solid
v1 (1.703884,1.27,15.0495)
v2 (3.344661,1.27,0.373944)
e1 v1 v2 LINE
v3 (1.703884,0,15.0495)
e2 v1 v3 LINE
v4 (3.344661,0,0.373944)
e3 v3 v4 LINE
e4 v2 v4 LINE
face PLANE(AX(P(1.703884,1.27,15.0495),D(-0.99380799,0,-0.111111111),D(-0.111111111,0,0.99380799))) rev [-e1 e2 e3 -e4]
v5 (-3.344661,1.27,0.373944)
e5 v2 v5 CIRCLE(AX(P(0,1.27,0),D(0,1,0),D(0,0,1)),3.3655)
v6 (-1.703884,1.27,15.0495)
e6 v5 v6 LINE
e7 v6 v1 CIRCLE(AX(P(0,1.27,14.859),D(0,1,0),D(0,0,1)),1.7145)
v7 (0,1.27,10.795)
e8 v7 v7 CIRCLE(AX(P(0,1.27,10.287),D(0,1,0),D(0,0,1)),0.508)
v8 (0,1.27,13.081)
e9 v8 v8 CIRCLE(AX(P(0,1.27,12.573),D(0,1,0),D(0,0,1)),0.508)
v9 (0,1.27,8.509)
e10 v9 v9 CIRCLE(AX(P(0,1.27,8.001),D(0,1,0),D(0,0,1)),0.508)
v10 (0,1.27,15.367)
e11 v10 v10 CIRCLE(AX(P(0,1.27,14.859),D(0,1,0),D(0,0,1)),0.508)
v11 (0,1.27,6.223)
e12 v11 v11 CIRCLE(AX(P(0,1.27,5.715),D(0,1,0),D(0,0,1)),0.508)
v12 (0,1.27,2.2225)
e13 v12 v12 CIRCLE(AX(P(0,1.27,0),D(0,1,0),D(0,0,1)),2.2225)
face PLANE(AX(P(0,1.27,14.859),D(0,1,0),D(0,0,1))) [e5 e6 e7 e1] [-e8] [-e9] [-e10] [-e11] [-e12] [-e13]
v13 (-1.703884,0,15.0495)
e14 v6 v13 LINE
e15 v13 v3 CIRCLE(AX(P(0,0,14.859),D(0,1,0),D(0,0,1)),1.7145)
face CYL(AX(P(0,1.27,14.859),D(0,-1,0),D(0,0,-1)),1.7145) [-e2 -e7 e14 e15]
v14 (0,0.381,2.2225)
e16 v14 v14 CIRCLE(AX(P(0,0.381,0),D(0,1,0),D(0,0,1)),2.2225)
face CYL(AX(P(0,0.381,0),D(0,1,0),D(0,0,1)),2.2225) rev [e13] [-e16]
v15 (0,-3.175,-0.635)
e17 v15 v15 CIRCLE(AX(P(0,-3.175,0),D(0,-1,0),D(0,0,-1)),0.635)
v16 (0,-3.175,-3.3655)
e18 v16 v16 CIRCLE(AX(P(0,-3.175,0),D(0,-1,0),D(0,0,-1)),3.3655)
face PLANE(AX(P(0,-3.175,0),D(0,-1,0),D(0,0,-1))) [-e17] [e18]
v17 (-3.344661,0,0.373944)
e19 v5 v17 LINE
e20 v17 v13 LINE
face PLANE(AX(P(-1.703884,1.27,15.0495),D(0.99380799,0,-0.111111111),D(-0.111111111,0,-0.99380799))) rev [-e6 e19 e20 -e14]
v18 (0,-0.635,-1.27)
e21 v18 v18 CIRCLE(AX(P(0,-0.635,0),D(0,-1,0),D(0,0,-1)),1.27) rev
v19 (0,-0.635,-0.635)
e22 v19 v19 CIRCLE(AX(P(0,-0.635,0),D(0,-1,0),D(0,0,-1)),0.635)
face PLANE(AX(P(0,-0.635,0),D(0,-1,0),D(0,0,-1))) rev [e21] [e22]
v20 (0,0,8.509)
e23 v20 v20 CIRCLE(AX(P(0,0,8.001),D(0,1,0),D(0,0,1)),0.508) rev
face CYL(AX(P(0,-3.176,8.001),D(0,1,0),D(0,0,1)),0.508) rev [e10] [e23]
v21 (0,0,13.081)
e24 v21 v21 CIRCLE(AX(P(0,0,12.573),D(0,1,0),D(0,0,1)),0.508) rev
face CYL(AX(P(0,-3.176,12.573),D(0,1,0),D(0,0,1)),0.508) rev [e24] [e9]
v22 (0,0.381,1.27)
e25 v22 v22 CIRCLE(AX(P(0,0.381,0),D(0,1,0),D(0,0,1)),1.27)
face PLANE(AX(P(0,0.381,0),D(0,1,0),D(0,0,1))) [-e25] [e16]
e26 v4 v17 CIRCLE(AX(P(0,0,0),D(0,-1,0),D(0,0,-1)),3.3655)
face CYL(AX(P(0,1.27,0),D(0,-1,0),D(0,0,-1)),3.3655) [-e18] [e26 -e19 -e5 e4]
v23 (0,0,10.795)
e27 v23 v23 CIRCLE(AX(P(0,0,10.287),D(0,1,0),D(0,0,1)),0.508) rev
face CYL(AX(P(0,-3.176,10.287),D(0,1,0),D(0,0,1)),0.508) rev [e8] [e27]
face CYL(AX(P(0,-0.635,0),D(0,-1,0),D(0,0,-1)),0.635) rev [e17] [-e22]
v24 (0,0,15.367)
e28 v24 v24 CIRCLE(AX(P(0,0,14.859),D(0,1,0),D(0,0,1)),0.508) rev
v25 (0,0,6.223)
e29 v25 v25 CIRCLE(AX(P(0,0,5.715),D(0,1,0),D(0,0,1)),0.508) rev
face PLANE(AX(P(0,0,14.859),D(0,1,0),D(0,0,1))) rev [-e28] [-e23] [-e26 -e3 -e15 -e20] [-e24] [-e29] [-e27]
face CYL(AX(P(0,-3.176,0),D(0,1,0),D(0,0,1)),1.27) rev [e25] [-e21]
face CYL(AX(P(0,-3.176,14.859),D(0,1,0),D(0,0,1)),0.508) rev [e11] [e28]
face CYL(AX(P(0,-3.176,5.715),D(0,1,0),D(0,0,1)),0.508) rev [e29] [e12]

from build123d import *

# Parameters (mm, degrees)
BOSS_EXTRUDE1_DEPTH = 1.27
BOSS_EXTRUDE2_START = 3.175
SKETCH2_R           = 3.3655
BOSS_EXTRUDE2_DEPTH = 3.175
CUT_EXTRUDE1_DEPTH  = 2.286
CUT_EXTRUDE2_START  = -0.889
SKETCH4_R           = 2.2225
CUT_EXTRUDE2_DEPTH  = 0.889
CUT_EXTRUDE3_REACH  = 19.282
SKETCH5_R           = 1.27
CUT_EXTRUDE4_REACH  = 19.486
SKETCH6_R           = 0.508
SKETCH7_R           = 2.54
SKETCH7_R_2         = 0.635
BOSS_EXTRUDE3_DEPTH = 2.54


with BuildPart() as part:
    # Sketch1 → Boss-Extrude1 (new body)
    with BuildSketch(Plane(origin=(0, 0, 0), x_dir=(1, 0, 0), z_dir=(0, 1, 0))):
        with BuildLine():
            Line((-1.703883799, -15.0495), (-3.34466079, -0.373944444))
            ThreePointArc((-3.34466079, -0.373944444), (0, 3.3655), (3.34466079, -0.373944444))
            Line((3.34466079, -0.373944444), (1.703883799, -15.0495))
            ThreePointArc((1.703883799, -15.0495), (0, -16.5735), (-1.703883799, -15.0495))
        make_face()
    extrude(amount=BOSS_EXTRUDE1_DEPTH)

    # Sketch2 → Boss-Extrude2 (add)
    with BuildSketch(Plane.XZ.offset(BOSS_EXTRUDE2_START)):
        with Locations(Location((0, 0, 0), (0, 0, 270))):
            Circle(SKETCH2_R)
    extrude(amount=-BOSS_EXTRUDE2_DEPTH)

    # Sketch3 → Cut-Extrude1 (cut)
    with BuildSketch(Plane(origin=(0, -3.175, 0), x_dir=(-1, 0, 0), z_dir=(0, -1, 0))):
        with BuildLine():
            Line((0.344662185, 2.452398872), (0.160511142, 2.216696286))
            ThreePointArc((0.160511142, 2.216696286), (0.155033763, 2.217086102), (0.149555438, 2.217462383))
            Line((0.149555438, 2.217462383), (0, 2.4765))
            Line((0, 2.4765), (-0.149555438, 2.217462383))
            ThreePointArc((-0.149555438, 2.217462383), (-0.155033763, 2.217086102), (-0.160511142, 2.216696286))
            Line((-0.160511142, 2.216696286), (-0.344662185, 2.452398872))
            Line((-0.344662185, 2.452398872), (-0.456711091, 2.175068098))
            ThreePointArc((-0.456711091, 2.175068098), (-0.462083733, 2.173933043), (-0.467453554, 2.172784717))
            Line((-0.467453554, 2.172784717), (-0.682615912, 2.38056459))
            Line((-0.682615912, 2.38056459), (-0.754977382, 2.090338586))
            ThreePointArc((-0.754977382, 2.090338586), (-0.760139769, 2.08846685), (-0.765297515, 2.086582364))
            Line((-0.765297515, 2.086582364), (-1.007283297, 2.262395326))
            Line((-1.007283297, 2.262395326), (-1.038548897, 1.964923011))
            ThreePointArc((-1.038548897, 1.964923011), (-1.043400548, 1.962351025), (-1.04824583, 1.95976706))
            Line((-1.04824583, 1.95976706), (-1.312345058, 2.10019111))
            Line((-1.312345058, 2.10019111), (-1.301906239, 1.801262445))
            ThreePointArc((-1.301906239, 1.801262445), (-1.306352723, 1.79804027), (-1.310791233, 1.794807119))
            Line((-1.310791233, 1.794807119), (-1.591863515, 1.897109063))
            Line((-1.591863515, 1.897109063), (-1.539923457, 1.602542354))
            ThreePointArc((-1.539923457, 1.602542354), (-1.543878228, 1.598732706), (-1.547823575, 1.594913299))
            Line((-1.547823575, 1.594913299), (-1.84039816, 1.657101947))
            Line((-1.84039816, 1.657101947), (-1.747967817, 1.372630599))
            ThreePointArc((-1.747967817, 1.372630599), (-1.7513539, 1.368307629), (-1.754729292, 1.363976306))
            Line((-1.754729292, 1.363976306), (-2.053111548, 1.384841225))
            Line((-2.053111548, 1.384841225), (-1.921989971, 1.116002151))
            ThreePointArc((-1.921989971, 1.116002151), (-1.92474146, 1.11125), (-1.927481199, 1.106491065))
            Line((-1.927481199, 1.106491065), (-2.225863456, 1.085626145))
            Line((-2.225863456, 1.085626145), (-2.058602777, 0.837651991))
            ThreePointArc((-2.058602777, 0.837651991), (-2.060666117, 0.832563154), (-2.062716877, 0.827469234))
            Line((-2.062716877, 0.827469234), (-2.355291463, 0.765280587))
            Line((-2.355291463, 0.765280587), (-2.155147221, 0.542997887))
            ThreePointArc((-2.155147221, 0.542997887), (-2.156482252, 0.537671413), (-2.157804118, 0.532341657))
            Line((-2.157804118, 0.532341657), (-2.4388764, 0.430039712))
            Line((-2.4388764, 0.430039712), (-2.209744176, 0.237774947))
            ThreePointArc((-2.209744176, 0.237774947), (-2.210324912, 0.23231451), (-2.210892156, 0.226852654))
            Line((-2.210892156, 0.226852654), (-2.474991383, 0.086428604))
            Line((-2.474991383, 0.086428604), (-2.221330975, -0.072076012))
            ThreePointArc((-2.221330975, -0.072076012), (-2.221146113, -0.077564131), (-2.220947692, -0.083051778))
            Line((-2.220947692, -0.083051778), (-2.462933474, -0.258864739))
            Line((-2.462933474, -0.258864739), (-2.189682092, -0.380524093))
            ThreePointArc((-2.189682092, -0.380524093), (-2.188735231, -0.385933075), (-2.187775009, -0.391339701))
            Line((-2.187775009, -0.391339701), (-2.402937366, -0.599119574))
            Line((-2.402937366, -0.599119574), (-2.115413539, -0.681565705))
            ThreePointArc((-2.115413539, -0.681565705), (-2.113723107, -0.68679027), (-2.112019773, -0.692010642))
            Line((-2.112019773, -0.692010642), (-2.296170816, -0.927713229))
            Line((-2.296170816, -0.927713229), (-1.999970867, -0.969341417))
            ThreePointArc((-1.999970867, -0.969341417), (-1.997569768, -0.974279874), (-1.995156475, -0.979212383))
            Line((-1.995156475, -0.979212383), (-2.144711912, -1.23825))
            Line((-2.144711912, -1.23825), (-1.845601037, -1.23825))
            ThreePointArc((-1.845601037, -1.23825), (-1.842536005, -1.242806228), (-1.839459725, -1.247354869))
            Line((-1.839459725, -1.247354869), (-1.951508631, -1.524685644))
            Line((-1.951508631, -1.524685644), (-1.655308682, -1.483057456))
            ThreePointArc((-1.655308682, -1.483057456), (-1.651639375, -1.487142773), (-1.647959984, -1.491219011))
            Line((-1.647959984, -1.491219011), (-1.720321454, -1.781445016))
            Line((-1.720321454, -1.781445016), (-1.432797627, -1.698998885))
            ThreePointArc((-1.432797627, -1.698998885), (-1.428595463, -1.702533775), (-1.424384577, -1.706058272))
            Line((-1.424384577, -1.706058272), (-1.455650177, -2.003530587))
            Line((-1.455650177, -2.003530587), (-1.182398796, -1.881871233))
            ThreePointArc((-1.182398796, -1.881871233), (-1.177745565, -1.884786894), (-1.173085144, -1.887691048))
            Line((-1.173085144, -1.887691048), (-1.162646325, -2.186619714))
            Line((-1.162646325, -2.186619714), (-0.908985917, -2.028115099))
            ThreePointArc((-0.908985917, -2.028115099), (-0.903972189, -2.03035478), (-0.898952943, -2.032582066))
            Line((-0.898952943, -2.032582066), (-0.847012885, -2.327148775))
            Line((-0.847012885, -2.327148775), (-0.617880661, -2.134884011))
            ThreePointArc((-0.617880661, -2.134884011), (-0.612604023, -2.136404119), (-0.607323646, -2.137911186))
            Line((-0.607323646, -2.137911186), (-0.514893302, -2.422382533))
            Line((-0.514893302, -2.422382533), (-0.314749061, -2.200099834))
            ThreePointArc((-0.314749061, -2.200099834), (-0.309312217, -2.200870783), (-0.303873485, -2.201628296))
            Line((-0.303873485, -2.201628296), (-0.172751907, -2.47046737))
            Line((-0.172751907, -2.47046737), (-0.005491228, -2.222493216))
            ThreePointArc((-0.005491228, -2.222493216), (0, -2.2225), (0.005491228, -2.222493216))
            Line((0.005491228, -2.222493216), (0.172751907, -2.47046737))
            Line((0.172751907, -2.47046737), (0.303873485, -2.201628296))
            ThreePointArc((0.303873485, -2.201628296), (0.309312217, -2.200870783), (0.314749061, -2.200099834))
            Line((0.314749061, -2.200099834), (0.514893302, -2.422382533))
            Line((0.514893302, -2.422382533), (0.607323646, -2.137911186))
            ThreePointArc((0.607323646, -2.137911186), (0.612604023, -2.136404119), (0.617880661, -2.134884011))
            Line((0.617880661, -2.134884011), (0.847012885, -2.327148775))
            Line((0.847012885, -2.327148775), (0.898952943, -2.032582066))
            ThreePointArc((0.898952943, -2.032582066), (0.903972189, -2.03035478), (0.908985917, -2.028115099))
            Line((0.908985917, -2.028115099), (1.162646325, -2.186619714))
            Line((1.162646325, -2.186619714), (1.173085144, -1.887691048))
            ThreePointArc((1.173085144, -1.887691048), (1.177745565, -1.884786894), (1.182398796, -1.881871233))
            Line((1.182398796, -1.881871233), (1.455650177, -2.003530587))
            Line((1.455650177, -2.003530587), (1.424384577, -1.706058272))
            ThreePointArc((1.424384577, -1.706058272), (1.428595463, -1.702533775), (1.432797627, -1.698998885))
            Line((1.432797627, -1.698998885), (1.720321454, -1.781445016))
            Line((1.720321454, -1.781445016), (1.647959984, -1.491219011))
            ThreePointArc((1.647959984, -1.491219011), (1.651639375, -1.487142773), (1.655308682, -1.483057456))
            Line((1.655308682, -1.483057456), (1.951508631, -1.524685644))
            Line((1.951508631, -1.524685644), (1.839459725, -1.247354869))
            ThreePointArc((1.839459725, -1.247354869), (1.842536005, -1.242806228), (1.845601037, -1.23825))
            Line((1.845601037, -1.23825), (2.144711912, -1.23825))
            Line((2.144711912, -1.23825), (1.995156475, -0.979212383))
            ThreePointArc((1.995156475, -0.979212383), (1.997569768, -0.974279874), (1.999970867, -0.969341417))
            Line((1.999970867, -0.969341417), (2.296170816, -0.927713229))
            Line((2.296170816, -0.927713229), (2.112019773, -0.692010642))
            ThreePointArc((2.112019773, -0.692010642), (2.113723107, -0.68679027), (2.115413539, -0.681565705))
            Line((2.115413539, -0.681565705), (2.402937366, -0.599119574))
            Line((2.402937366, -0.599119574), (2.187775009, -0.391339701))
            ThreePointArc((2.187775009, -0.391339701), (2.188735231, -0.385933075), (2.189682092, -0.380524093))
            Line((2.189682092, -0.380524093), (2.462933474, -0.258864739))
            Line((2.462933474, -0.258864739), (2.220947692, -0.083051778))
            ThreePointArc((2.220947692, -0.083051778), (2.221146113, -0.077564131), (2.221330975, -0.072076012))
            Line((2.221330975, -0.072076012), (2.474991383, 0.086428604))
            Line((2.474991383, 0.086428604), (2.210892156, 0.226852654))
            ThreePointArc((2.210892156, 0.226852654), (2.210324912, 0.23231451), (2.209744176, 0.237774947))
            Line((2.209744176, 0.237774947), (2.4388764, 0.430039712))
            Line((2.4388764, 0.430039712), (2.157804118, 0.532341657))
            ThreePointArc((2.157804118, 0.532341657), (2.156482252, 0.537671413), (2.155147221, 0.542997887))
            Line((2.155147221, 0.542997887), (2.355291463, 0.765280587))
            Line((2.355291463, 0.765280587), (2.062716877, 0.827469234))
            ThreePointArc((2.062716877, 0.827469234), (2.060666117, 0.832563154), (2.058602777, 0.837651991))
            Line((2.058602777, 0.837651991), (2.225863456, 1.085626145))
            Line((2.225863456, 1.085626145), (1.927481199, 1.106491065))
            ThreePointArc((1.927481199, 1.106491065), (1.92474146, 1.11125), (1.921989971, 1.116002151))
            Line((1.921989971, 1.116002151), (2.053111548, 1.384841225))
            Line((2.053111548, 1.384841225), (1.754729292, 1.363976306))
            ThreePointArc((1.754729292, 1.363976306), (1.7513539, 1.368307629), (1.747967817, 1.372630599))
            Line((1.747967817, 1.372630599), (1.84039816, 1.657101947))
            Line((1.84039816, 1.657101947), (1.547823575, 1.594913299))
            ThreePointArc((1.547823575, 1.594913299), (1.543878228, 1.598732706), (1.539923457, 1.602542354))
            Line((1.539923457, 1.602542354), (1.591863515, 1.897109063))
            Line((1.591863515, 1.897109063), (1.310791233, 1.794807119))
            ThreePointArc((1.310791233, 1.794807119), (1.306352723, 1.79804027), (1.301906239, 1.801262445))
            Line((1.301906239, 1.801262445), (1.312345058, 2.10019111))
            Line((1.312345058, 2.10019111), (1.04824583, 1.95976706))
            ThreePointArc((1.04824583, 1.95976706), (1.043400548, 1.962351025), (1.038548897, 1.964923011))
            Line((1.038548897, 1.964923011), (1.007283297, 2.262395326))
            Line((1.007283297, 2.262395326), (0.765297515, 2.086582364))
            ThreePointArc((0.765297515, 2.086582364), (0.760139769, 2.08846685), (0.754977382, 2.090338586))
            Line((0.754977382, 2.090338586), (0.682615912, 2.38056459))
            Line((0.682615912, 2.38056459), (0.467453554, 2.172784717))
            ThreePointArc((0.467453554, 2.172784717), (0.462083733, 2.173933043), (0.456711091, 2.175068098))
            Line((0.456711091, 2.175068098), (0.344662185, 2.452398872))
        make_face()
    extrude(amount=-CUT_EXTRUDE1_DEPTH, mode=Mode.SUBTRACT)

    # Sketch4 → Cut-Extrude2 (cut)
    with BuildSketch(Plane(origin=(0, 1.27, 0), x_dir=(1, 0, 0), z_dir=(0, 1, 0)).offset(CUT_EXTRUDE2_START)):
        with Locations(Location((0, 0, 0), (0, 0, 270))):
            Circle(SKETCH4_R)
    extrude(amount=CUT_EXTRUDE2_DEPTH, mode=Mode.SUBTRACT)

    # Sketch5 → Cut-Extrude3 (cut, up to next)
    with BuildSketch(Plane(origin=(0, 0.381, 0), x_dir=(1, 0, 0), z_dir=(0, 1, 0)), mode=Mode.PRIVATE) as cut_extrude3_sk1:
        with Locations(Location((0, 0, 0), (0, 0, 270))):
            Circle(SKETCH5_R)
    cut_extrude3_tool1 = extrude(cut_extrude3_sk1.sketch, amount=-CUT_EXTRUDE3_REACH, mode=Mode.PRIVATE) & part.part
    add(cut_extrude3_tool1.solids().sort_by_distance((0, 0.381, 0))[0], mode=Mode.SUBTRACT)

    # Sketch6 → Cut-Extrude4 (cut, up to next)
    with BuildSketch(Plane(origin=(0, 1.27, 0), x_dir=(1, 0, 0), z_dir=(0, 1, 0)), mode=Mode.PRIVATE) as cut_extrude4_sk1:
        with Locations(Location((0, -14.859, 0), (0, 0, 270))):
            Circle(SKETCH6_R)
    cut_extrude4_tool1 = extrude(cut_extrude4_sk1.sketch, amount=-CUT_EXTRUDE4_REACH, mode=Mode.PRIVATE) & part.part
    # Sketch6 → Cut-Extrude4 (cut, up to next)
    with BuildSketch(Plane(origin=(0, 1.27, 0), x_dir=(1, 0, 0), z_dir=(0, 1, 0)), mode=Mode.PRIVATE) as cut_extrude4_sk2:
        with Locations(Location((0, -12.573, 0), (0, 0, 270))):
            Circle(SKETCH6_R)
    cut_extrude4_tool2 = extrude(cut_extrude4_sk2.sketch, amount=-CUT_EXTRUDE4_REACH, mode=Mode.PRIVATE) & part.part
    # Sketch6 → Cut-Extrude4 (cut, up to next)
    with BuildSketch(Plane(origin=(0, 1.27, 0), x_dir=(1, 0, 0), z_dir=(0, 1, 0)), mode=Mode.PRIVATE) as cut_extrude4_sk3:
        with Locations(Location((0, -10.287, 0), (0, 0, 270))):
            Circle(SKETCH6_R)
    cut_extrude4_tool3 = extrude(cut_extrude4_sk3.sketch, amount=-CUT_EXTRUDE4_REACH, mode=Mode.PRIVATE) & part.part
    # Sketch6 → Cut-Extrude4 (cut, up to next)
    with BuildSketch(Plane(origin=(0, 1.27, 0), x_dir=(1, 0, 0), z_dir=(0, 1, 0)), mode=Mode.PRIVATE) as cut_extrude4_sk4:
        with Locations(Location((0, -8.001, 0), (0, 0, 270))):
            Circle(SKETCH6_R)
    cut_extrude4_tool4 = extrude(cut_extrude4_sk4.sketch, amount=-CUT_EXTRUDE4_REACH, mode=Mode.PRIVATE) & part.part
    # Sketch6 → Cut-Extrude4 (cut, up to next)
    with BuildSketch(Plane(origin=(0, 1.27, 0), x_dir=(1, 0, 0), z_dir=(0, 1, 0)), mode=Mode.PRIVATE) as cut_extrude4_sk5:
        with Locations(Location((0, -5.715, 0), (0, 0, 270))):
            Circle(SKETCH6_R)
    cut_extrude4_tool5 = extrude(cut_extrude4_sk5.sketch, amount=-CUT_EXTRUDE4_REACH, mode=Mode.PRIVATE) & part.part
    add(cut_extrude4_tool1.solids().sort_by_distance((0, 1.27, 14.859))[0], mode=Mode.SUBTRACT)
    add(cut_extrude4_tool2.solids().sort_by_distance((0, 1.27, 12.573))[0], mode=Mode.SUBTRACT)
    add(cut_extrude4_tool3.solids().sort_by_distance((0, 1.27, 10.287))[0], mode=Mode.SUBTRACT)
    add(cut_extrude4_tool4.solids().sort_by_distance((0, 1.27, 8.001))[0], mode=Mode.SUBTRACT)
    add(cut_extrude4_tool5.solids().sort_by_distance((0, 1.27, 5.715))[0], mode=Mode.SUBTRACT)

    # Sketch7 → Boss-Extrude3 (add)
    with BuildSketch(Plane.XZ.offset(3.175)):
        Circle(SKETCH7_R)
        with Locations(Location((0, 0, 0), (0, 0, 270))):
            Circle(SKETCH7_R_2, mode=Mode.SUBTRACT)
    extrude(amount=-BOSS_EXTRUDE3_DEPTH)


solid = part.part
